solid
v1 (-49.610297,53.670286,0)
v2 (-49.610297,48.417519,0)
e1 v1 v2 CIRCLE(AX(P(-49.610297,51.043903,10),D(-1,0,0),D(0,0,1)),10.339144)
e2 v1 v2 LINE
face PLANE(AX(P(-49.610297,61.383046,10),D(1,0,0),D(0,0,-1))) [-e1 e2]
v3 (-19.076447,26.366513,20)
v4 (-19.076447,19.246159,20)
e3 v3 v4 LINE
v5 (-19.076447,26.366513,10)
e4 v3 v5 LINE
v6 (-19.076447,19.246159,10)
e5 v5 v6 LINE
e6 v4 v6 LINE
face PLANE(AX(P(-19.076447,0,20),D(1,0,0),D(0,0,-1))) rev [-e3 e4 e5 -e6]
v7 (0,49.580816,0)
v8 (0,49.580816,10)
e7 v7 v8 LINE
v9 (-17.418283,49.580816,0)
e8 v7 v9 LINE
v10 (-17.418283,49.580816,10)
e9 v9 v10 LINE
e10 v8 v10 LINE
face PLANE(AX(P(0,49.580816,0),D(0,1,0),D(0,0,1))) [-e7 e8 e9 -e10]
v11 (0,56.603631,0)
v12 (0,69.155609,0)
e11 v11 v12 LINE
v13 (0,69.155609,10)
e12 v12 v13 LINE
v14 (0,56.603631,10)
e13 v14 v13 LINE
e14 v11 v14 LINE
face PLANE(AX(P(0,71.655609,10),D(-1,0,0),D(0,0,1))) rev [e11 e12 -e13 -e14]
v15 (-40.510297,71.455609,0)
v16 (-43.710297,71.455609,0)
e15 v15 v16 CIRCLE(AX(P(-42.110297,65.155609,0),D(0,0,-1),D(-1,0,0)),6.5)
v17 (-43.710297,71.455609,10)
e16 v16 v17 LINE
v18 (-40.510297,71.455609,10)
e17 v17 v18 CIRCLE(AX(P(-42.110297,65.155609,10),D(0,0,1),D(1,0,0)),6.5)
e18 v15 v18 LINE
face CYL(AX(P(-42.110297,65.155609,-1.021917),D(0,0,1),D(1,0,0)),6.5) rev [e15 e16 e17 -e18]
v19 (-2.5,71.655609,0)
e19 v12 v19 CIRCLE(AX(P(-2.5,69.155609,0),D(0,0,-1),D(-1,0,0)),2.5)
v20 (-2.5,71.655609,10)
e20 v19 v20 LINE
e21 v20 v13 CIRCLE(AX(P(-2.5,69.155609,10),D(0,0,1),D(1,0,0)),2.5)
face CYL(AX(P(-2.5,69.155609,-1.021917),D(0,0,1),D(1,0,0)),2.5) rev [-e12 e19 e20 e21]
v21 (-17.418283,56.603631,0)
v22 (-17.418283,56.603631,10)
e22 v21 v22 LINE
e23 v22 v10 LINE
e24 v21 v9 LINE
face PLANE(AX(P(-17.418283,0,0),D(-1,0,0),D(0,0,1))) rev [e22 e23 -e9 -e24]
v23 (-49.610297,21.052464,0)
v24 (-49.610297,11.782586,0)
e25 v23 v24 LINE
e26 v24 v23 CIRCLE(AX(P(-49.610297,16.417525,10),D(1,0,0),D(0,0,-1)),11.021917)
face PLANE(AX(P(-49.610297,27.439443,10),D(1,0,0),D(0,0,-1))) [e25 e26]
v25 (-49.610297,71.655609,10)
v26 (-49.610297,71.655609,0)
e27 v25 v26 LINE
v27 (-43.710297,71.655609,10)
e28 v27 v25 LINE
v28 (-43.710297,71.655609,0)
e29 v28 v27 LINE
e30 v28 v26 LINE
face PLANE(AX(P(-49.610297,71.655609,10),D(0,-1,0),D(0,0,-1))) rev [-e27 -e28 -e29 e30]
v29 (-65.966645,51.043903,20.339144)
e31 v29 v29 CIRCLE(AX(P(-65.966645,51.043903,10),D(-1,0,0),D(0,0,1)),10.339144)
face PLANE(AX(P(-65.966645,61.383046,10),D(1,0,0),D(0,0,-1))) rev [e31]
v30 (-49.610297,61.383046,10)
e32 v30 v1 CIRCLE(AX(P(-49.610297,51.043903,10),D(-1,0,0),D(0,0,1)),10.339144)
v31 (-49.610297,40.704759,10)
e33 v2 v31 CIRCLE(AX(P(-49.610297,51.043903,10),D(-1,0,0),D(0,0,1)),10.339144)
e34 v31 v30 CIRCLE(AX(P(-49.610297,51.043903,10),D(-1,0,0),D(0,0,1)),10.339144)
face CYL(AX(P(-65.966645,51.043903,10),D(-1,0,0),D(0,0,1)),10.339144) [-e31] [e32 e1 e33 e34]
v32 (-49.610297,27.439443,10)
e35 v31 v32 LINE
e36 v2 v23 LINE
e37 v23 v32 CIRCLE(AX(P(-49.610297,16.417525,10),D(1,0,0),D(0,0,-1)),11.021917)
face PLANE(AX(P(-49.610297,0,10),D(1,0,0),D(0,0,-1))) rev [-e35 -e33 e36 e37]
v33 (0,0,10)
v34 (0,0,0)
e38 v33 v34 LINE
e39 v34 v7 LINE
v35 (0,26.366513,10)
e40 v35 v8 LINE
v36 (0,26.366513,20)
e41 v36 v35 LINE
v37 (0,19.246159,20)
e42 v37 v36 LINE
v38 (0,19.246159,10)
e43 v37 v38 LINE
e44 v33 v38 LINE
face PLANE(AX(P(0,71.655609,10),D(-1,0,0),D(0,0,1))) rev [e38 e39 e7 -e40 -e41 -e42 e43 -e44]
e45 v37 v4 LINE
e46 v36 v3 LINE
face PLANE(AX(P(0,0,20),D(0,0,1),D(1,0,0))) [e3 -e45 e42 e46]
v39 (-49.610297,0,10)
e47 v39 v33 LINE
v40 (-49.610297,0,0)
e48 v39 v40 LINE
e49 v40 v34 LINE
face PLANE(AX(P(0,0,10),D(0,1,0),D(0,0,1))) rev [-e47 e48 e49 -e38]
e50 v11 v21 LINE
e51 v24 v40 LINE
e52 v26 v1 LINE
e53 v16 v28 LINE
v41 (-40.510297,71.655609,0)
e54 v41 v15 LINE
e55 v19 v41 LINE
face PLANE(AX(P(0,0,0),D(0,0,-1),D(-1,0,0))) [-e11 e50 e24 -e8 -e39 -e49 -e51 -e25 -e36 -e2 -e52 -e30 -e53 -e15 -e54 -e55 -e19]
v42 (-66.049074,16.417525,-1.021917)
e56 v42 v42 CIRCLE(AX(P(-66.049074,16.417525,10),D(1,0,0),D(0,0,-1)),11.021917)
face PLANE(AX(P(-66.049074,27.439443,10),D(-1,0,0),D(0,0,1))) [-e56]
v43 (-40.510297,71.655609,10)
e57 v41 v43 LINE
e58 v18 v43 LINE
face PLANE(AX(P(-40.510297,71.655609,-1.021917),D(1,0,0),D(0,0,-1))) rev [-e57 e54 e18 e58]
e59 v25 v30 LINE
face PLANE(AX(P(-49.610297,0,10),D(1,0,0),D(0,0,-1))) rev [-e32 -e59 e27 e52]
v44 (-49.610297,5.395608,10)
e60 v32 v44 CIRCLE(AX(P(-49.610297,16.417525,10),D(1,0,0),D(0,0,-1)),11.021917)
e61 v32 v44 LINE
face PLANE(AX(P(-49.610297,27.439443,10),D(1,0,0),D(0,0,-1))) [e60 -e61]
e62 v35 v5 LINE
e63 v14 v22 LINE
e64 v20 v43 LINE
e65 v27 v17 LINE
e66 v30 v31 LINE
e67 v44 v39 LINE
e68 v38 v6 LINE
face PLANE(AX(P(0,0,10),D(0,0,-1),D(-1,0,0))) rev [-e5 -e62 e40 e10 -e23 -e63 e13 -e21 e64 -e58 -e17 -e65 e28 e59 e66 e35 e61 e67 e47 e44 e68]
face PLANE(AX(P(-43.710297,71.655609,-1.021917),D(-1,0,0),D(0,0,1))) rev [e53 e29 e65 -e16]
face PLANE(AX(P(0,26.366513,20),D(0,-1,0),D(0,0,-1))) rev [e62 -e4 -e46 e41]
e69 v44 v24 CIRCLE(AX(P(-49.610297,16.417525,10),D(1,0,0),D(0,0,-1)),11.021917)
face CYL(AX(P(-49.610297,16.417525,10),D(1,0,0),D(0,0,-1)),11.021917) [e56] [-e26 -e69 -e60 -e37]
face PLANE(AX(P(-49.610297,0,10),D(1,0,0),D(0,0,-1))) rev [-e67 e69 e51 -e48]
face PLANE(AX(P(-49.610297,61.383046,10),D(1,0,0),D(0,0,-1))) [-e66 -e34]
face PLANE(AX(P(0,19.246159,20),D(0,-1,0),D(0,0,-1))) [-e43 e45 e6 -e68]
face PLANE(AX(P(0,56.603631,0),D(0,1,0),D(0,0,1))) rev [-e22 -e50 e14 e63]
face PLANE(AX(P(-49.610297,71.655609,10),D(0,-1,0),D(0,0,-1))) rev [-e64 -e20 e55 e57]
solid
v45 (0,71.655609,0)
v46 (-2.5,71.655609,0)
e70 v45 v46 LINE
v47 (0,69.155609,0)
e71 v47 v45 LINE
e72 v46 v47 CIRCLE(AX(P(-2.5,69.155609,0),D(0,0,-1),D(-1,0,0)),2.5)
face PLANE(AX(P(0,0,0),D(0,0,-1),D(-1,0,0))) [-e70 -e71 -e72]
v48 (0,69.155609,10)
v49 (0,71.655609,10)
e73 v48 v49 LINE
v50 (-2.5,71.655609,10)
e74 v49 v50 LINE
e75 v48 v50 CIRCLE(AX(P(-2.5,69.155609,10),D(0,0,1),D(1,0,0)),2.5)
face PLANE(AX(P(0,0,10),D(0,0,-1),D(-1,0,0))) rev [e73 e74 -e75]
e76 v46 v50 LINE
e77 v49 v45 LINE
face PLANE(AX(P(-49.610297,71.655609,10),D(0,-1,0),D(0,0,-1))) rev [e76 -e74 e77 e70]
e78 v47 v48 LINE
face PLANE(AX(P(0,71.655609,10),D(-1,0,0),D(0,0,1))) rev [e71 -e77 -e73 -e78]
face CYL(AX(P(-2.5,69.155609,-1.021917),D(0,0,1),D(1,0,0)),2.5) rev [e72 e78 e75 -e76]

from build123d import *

# Parameters (mm, degrees)
SKETCH_1_W          = 49.610297338
SKETCH_1_H          = 71.655608821
EXTRUDE_1_DEPTH     = 10
SKETCH_2_W          = 16.35634768
SKETCH_2_H          = 10.339143633
SKETCH_3_W          = 16.438776978
SKETCH_3_H          = 11.021917269
SKETCH_4_W          = 17.418282618
SKETCH_4_H          = 7.022814543
CUT_EXTRUDE_1_DEPTH = 10
SKETCH_4_3_W        = 19.076447163
SKETCH_4_3_H        = 7.120353633
EXTRUDE_2_DEPTH     = 10
CUT_EXTRUDE_3_DEPTH = 99.073896393
SKETCH_6_R          = 2.5
CUT_EXTRUDE_4_DEPTH = 99.073896393


with BuildPart() as part:
    # 草图1 → 凸台-拉伸1 (new body)
    with BuildSketch(Plane.XY):
        with Locations((-24.805148669, 35.827804411)):
            Rectangle(SKETCH_1_W, SKETCH_1_H)
    extrude(amount=EXTRUDE_1_DEPTH)

    # 草图2 → 旋转1 (revolve)
    with BuildSketch(Plane.XY.offset(10)):
        with Locations((-57.788471178, 56.213474404)):
            Rectangle(SKETCH_2_W, SKETCH_2_H)
    revolve(axis=Axis((-65.966645018, 51.043902587, 10), (1, 0, 0)))

    # 草图3 → 旋转2 (revolve)
    with BuildSketch(Plane.XY.offset(10)):
        with Locations((-57.829685827, 21.928483961)):
            Rectangle(SKETCH_3_W, SKETCH_3_H)
    revolve(axis=Axis((-49.610297338, 16.417525326, 10), (-1, 0, 0)))

    # 草图4 → 切除-拉伸1 (cut)
    with BuildSketch(Plane.XY.offset(10)):
        with Locations((-8.709141309, 53.092223496)):
            Rectangle(SKETCH_4_W, SKETCH_4_H)
    extrude(amount=-CUT_EXTRUDE_1_DEPTH, mode=Mode.SUBTRACT)

    # 草图4<3> → 凸台-拉伸2 (add)
    with BuildSketch(Plane.XY.offset(10)):
        with Locations((-9.538223582, 22.806335779)):
            Rectangle(SKETCH_4_3_W, SKETCH_4_3_H)
    extrude(amount=EXTRUDE_2_DEPTH)

    # 草图5 → 切除-拉伸3 (cut, through all)
    with BuildSketch(Plane.XY.offset(10)):
        with BuildLine():
            Line((-43.710297338, 71.655608821), (-43.710297338, 71.455608821))
            ThreePointArc((-43.710297338, 71.455608821), (-42.110297338, 58.655608821), (-40.510297338, 71.455608821))
            Line((-40.510297338, 71.455608821), (-40.510297338, 71.655608821))
            Line((-40.510297338, 71.655608821), (-43.710297338, 71.655608821))
        make_face()
    extrude(amount=-CUT_EXTRUDE_3_DEPTH, mode=Mode.SUBTRACT)

    # 草图6 → 切除-拉伸4 (cut, through all)
    with BuildSketch(Plane.XY.offset(10)):
        with Locations((-2.5, 69.155608821)):
            Circle(SKETCH_6_R)
    extrude(amount=-CUT_EXTRUDE_4_DEPTH, mode=Mode.SUBTRACT)


with BuildPart() as cut_extrude_4_piece_1:
    # of the separate pieces the step leaves, piece 1, a body of its own (cut_extrude_4_pieces)
    add(part.part.solids().sort_by_distance((0, 0, 0))[0])


with BuildPart() as cut_extrude_4_piece_2:
    # of the separate pieces the step leaves, piece 2, a body of its own (cut_extrude_4_pieces)
    add(part.part.solids().sort_by_distance((0, 71.655608821, 0))[0])


solid = Compound([cut_extrude_4_piece_1.part, cut_extrude_4_piece_2.part])
